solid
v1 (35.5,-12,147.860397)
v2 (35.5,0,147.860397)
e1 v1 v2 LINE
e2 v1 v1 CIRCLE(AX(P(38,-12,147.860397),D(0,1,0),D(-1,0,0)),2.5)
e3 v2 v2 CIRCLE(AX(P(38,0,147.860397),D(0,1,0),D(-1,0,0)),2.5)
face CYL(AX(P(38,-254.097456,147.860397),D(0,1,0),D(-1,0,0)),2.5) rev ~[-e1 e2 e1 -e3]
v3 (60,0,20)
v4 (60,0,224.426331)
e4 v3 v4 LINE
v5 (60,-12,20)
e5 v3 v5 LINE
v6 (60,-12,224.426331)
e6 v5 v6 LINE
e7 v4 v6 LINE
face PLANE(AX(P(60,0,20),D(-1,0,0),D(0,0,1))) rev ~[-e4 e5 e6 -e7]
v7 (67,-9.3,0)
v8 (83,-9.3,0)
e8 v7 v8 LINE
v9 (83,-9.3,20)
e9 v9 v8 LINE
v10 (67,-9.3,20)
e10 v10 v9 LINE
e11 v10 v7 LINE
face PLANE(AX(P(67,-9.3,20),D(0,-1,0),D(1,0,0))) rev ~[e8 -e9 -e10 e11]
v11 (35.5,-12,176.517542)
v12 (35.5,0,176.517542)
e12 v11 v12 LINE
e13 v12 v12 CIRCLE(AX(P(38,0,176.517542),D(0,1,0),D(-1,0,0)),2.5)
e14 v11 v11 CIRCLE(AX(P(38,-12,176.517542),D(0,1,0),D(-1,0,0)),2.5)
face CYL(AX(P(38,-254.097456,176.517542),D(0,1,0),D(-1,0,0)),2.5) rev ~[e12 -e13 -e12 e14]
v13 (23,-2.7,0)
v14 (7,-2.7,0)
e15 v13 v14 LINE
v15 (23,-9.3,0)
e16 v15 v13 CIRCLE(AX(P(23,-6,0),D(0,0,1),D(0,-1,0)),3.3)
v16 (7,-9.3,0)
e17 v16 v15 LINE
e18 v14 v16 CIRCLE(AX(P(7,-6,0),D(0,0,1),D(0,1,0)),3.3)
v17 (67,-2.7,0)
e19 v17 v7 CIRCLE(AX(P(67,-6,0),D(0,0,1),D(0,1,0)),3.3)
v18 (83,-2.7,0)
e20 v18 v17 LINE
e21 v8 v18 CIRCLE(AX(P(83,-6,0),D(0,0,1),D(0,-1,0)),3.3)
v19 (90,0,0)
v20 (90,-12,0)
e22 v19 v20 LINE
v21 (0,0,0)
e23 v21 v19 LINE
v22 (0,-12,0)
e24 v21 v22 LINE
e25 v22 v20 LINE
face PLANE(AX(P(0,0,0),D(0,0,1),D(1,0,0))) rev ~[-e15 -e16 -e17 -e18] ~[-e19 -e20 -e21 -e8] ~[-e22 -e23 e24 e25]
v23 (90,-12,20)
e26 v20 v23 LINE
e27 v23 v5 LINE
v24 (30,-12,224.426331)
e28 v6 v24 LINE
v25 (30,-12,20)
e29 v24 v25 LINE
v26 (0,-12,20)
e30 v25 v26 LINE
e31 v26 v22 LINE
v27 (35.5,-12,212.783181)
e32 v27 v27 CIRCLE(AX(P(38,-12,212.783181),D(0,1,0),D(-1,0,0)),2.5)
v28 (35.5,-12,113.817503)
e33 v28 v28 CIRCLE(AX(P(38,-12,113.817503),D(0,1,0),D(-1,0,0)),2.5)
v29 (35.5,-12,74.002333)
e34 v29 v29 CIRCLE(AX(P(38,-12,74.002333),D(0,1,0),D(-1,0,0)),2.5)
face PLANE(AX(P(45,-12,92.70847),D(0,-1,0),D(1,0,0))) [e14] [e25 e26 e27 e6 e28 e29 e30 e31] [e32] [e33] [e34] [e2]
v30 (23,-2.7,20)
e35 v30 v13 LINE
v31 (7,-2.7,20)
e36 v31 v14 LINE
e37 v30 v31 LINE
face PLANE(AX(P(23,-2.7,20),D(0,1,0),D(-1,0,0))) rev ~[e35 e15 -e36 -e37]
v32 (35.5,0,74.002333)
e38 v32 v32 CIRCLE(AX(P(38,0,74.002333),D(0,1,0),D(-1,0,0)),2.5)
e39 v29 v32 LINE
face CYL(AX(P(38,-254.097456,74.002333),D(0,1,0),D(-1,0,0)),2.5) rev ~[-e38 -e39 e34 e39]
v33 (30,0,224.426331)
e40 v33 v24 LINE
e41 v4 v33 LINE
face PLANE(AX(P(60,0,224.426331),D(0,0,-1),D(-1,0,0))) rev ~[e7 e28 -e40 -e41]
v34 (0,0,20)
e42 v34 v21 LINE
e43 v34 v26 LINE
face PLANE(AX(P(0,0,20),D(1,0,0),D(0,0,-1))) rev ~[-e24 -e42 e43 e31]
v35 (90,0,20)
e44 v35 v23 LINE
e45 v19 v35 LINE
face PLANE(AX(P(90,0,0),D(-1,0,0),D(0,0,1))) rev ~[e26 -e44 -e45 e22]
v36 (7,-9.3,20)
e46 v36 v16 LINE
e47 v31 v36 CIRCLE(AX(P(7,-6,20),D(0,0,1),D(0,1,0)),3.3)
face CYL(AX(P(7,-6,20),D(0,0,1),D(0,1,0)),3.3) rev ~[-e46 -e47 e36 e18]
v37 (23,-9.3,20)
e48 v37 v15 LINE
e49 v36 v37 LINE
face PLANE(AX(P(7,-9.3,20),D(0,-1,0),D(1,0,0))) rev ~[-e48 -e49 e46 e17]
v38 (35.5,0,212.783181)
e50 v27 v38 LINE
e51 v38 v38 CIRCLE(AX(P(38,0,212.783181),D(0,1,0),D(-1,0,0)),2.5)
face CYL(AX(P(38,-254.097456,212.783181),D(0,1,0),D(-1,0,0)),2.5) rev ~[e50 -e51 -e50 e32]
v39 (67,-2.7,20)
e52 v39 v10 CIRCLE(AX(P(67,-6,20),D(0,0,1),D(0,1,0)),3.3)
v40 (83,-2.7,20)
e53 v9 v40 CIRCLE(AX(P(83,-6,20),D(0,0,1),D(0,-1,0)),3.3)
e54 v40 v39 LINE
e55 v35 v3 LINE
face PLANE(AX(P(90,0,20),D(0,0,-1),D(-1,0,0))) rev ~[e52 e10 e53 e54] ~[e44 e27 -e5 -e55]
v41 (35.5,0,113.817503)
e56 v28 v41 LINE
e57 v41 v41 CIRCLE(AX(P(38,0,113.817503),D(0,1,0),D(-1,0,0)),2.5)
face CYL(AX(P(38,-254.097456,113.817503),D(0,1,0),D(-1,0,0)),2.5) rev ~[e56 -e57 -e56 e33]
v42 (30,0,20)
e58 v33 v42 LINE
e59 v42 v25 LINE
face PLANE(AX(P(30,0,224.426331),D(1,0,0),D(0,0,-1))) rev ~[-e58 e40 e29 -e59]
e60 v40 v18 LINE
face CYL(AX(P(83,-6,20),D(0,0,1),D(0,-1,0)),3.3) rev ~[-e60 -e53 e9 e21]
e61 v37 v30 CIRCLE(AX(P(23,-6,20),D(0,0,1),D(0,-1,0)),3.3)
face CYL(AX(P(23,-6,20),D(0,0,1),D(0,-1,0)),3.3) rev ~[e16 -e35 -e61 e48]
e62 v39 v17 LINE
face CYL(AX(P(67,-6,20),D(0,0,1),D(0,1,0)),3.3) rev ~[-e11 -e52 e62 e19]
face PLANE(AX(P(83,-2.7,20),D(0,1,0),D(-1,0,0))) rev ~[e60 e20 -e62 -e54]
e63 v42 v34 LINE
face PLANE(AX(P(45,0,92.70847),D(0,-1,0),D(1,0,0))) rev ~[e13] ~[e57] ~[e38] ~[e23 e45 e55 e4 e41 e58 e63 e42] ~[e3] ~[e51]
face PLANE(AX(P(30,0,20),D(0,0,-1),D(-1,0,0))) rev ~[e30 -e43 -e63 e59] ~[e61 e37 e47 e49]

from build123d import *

# Parameters (mm, degrees)
F1_DEPTH = 12
F3_D     = 5
F6_DEPTH = 20.001


with BuildPart() as f1:
    # F0 (on Front) → F1 (new body)
    with BuildSketch(Plane.XZ):
        Polygon((0, 20), (0, 0), (90, 0), (90, 20), (60, 20), (60, 224.426331), (30, 224.426331), (30, 20), align=None)
    extrude(amount=F1_DEPTH)

    # F3 (through all)
    with Locations(Plane.XZ.offset(12)):
        with Locations((38, 212.783181), (38, 176.517542), (38, 147.860397), (38, 113.817503), (38, 74.002333)):
            Hole(F3_D / 2)

    # F4 (on face) + F5 (on face) → F6 (cut, through all)
    with BuildSketch(Plane.XY.offset(20)):
        with BuildLine():
            ThreePointArc((15, -9.3), (12.666548, -8.333452), (11.7, -6))
            ThreePointArc((11.7, -6), (12.666548, -3.666548), (15, -2.7))
            Line((15, -2.7), (7, -2.7))
            ThreePointArc((7, -2.7), (3.7, -6), (7, -9.3))
            Line((7, -9.3), (15, -9.3))
        make_face()
        with BuildLine():
            Line((18.3, -6), (15, -6))
            Line((15, -6), (11.7, -6))
            ThreePointArc((11.7, -6), (12.666548, -8.333452), (15, -9.3))
            ThreePointArc((15, -9.3), (17.333452, -8.333452), (18.3, -6))
        make_face()
        with BuildLine():
            ThreePointArc((15, -2.7), (17.333452, -3.666548), (18.3, -6))
            ThreePointArc((18.3, -6), (17.333452, -8.333452), (15, -9.3))
            Line((15, -9.3), (23, -9.3))
            ThreePointArc((23, -9.3), (26.3, -6), (23, -2.7))
            Line((23, -2.7), (15, -2.7))
        make_face()
        with BuildLine():
            Line((11.7, -6), (15, -6))
            Line((15, -6), (18.3, -6))
            ThreePointArc((18.3, -6), (17.333452, -3.666548), (15, -2.7))
            ThreePointArc((15, -2.7), (12.666548, -3.666548), (11.7, -6))
        make_face()
    with BuildSketch(Plane.XY.offset(20)):
        with BuildLine():
            ThreePointArc((75, -9.3), (72.666548, -8.333452), (71.7, -6))
            ThreePointArc((71.7, -6), (72.666548, -3.666548), (75, -2.7))
            Line((75, -2.7), (67, -2.7))
            ThreePointArc((67, -2.7), (63.7, -6), (67, -9.3))
            Line((67, -9.3), (75, -9.3))
        make_face()
        with BuildLine():
            Line((78.3, -6), (75, -6))
            Line((75, -6), (71.7, -6))
            ThreePointArc((71.7, -6), (72.666548, -8.333452), (75, -9.3))
            ThreePointArc((75, -9.3), (77.333452, -8.333452), (78.3, -6))
        make_face()
        with BuildLine():
            Line((71.7, -6), (75, -6))
            Line((75, -6), (78.3, -6))
            ThreePointArc((78.3, -6), (77.333452, -3.666548), (75, -2.7))
            ThreePointArc((75, -2.7), (72.666548, -3.666548), (71.7, -6))
        make_face()
        with BuildLine():
            ThreePointArc((75, -2.7), (77.333452, -3.666548), (78.3, -6))
            ThreePointArc((78.3, -6), (77.333452, -8.333452), (75, -9.3))
            Line((75, -9.3), (83, -9.3))
            ThreePointArc((83, -9.3), (86.3, -6), (83, -2.7))
            Line((83, -2.7), (75, -2.7))
        make_face()
    extrude(amount=-F6_DEPTH, mode=Mode.SUBTRACT)


solid = f1.part
